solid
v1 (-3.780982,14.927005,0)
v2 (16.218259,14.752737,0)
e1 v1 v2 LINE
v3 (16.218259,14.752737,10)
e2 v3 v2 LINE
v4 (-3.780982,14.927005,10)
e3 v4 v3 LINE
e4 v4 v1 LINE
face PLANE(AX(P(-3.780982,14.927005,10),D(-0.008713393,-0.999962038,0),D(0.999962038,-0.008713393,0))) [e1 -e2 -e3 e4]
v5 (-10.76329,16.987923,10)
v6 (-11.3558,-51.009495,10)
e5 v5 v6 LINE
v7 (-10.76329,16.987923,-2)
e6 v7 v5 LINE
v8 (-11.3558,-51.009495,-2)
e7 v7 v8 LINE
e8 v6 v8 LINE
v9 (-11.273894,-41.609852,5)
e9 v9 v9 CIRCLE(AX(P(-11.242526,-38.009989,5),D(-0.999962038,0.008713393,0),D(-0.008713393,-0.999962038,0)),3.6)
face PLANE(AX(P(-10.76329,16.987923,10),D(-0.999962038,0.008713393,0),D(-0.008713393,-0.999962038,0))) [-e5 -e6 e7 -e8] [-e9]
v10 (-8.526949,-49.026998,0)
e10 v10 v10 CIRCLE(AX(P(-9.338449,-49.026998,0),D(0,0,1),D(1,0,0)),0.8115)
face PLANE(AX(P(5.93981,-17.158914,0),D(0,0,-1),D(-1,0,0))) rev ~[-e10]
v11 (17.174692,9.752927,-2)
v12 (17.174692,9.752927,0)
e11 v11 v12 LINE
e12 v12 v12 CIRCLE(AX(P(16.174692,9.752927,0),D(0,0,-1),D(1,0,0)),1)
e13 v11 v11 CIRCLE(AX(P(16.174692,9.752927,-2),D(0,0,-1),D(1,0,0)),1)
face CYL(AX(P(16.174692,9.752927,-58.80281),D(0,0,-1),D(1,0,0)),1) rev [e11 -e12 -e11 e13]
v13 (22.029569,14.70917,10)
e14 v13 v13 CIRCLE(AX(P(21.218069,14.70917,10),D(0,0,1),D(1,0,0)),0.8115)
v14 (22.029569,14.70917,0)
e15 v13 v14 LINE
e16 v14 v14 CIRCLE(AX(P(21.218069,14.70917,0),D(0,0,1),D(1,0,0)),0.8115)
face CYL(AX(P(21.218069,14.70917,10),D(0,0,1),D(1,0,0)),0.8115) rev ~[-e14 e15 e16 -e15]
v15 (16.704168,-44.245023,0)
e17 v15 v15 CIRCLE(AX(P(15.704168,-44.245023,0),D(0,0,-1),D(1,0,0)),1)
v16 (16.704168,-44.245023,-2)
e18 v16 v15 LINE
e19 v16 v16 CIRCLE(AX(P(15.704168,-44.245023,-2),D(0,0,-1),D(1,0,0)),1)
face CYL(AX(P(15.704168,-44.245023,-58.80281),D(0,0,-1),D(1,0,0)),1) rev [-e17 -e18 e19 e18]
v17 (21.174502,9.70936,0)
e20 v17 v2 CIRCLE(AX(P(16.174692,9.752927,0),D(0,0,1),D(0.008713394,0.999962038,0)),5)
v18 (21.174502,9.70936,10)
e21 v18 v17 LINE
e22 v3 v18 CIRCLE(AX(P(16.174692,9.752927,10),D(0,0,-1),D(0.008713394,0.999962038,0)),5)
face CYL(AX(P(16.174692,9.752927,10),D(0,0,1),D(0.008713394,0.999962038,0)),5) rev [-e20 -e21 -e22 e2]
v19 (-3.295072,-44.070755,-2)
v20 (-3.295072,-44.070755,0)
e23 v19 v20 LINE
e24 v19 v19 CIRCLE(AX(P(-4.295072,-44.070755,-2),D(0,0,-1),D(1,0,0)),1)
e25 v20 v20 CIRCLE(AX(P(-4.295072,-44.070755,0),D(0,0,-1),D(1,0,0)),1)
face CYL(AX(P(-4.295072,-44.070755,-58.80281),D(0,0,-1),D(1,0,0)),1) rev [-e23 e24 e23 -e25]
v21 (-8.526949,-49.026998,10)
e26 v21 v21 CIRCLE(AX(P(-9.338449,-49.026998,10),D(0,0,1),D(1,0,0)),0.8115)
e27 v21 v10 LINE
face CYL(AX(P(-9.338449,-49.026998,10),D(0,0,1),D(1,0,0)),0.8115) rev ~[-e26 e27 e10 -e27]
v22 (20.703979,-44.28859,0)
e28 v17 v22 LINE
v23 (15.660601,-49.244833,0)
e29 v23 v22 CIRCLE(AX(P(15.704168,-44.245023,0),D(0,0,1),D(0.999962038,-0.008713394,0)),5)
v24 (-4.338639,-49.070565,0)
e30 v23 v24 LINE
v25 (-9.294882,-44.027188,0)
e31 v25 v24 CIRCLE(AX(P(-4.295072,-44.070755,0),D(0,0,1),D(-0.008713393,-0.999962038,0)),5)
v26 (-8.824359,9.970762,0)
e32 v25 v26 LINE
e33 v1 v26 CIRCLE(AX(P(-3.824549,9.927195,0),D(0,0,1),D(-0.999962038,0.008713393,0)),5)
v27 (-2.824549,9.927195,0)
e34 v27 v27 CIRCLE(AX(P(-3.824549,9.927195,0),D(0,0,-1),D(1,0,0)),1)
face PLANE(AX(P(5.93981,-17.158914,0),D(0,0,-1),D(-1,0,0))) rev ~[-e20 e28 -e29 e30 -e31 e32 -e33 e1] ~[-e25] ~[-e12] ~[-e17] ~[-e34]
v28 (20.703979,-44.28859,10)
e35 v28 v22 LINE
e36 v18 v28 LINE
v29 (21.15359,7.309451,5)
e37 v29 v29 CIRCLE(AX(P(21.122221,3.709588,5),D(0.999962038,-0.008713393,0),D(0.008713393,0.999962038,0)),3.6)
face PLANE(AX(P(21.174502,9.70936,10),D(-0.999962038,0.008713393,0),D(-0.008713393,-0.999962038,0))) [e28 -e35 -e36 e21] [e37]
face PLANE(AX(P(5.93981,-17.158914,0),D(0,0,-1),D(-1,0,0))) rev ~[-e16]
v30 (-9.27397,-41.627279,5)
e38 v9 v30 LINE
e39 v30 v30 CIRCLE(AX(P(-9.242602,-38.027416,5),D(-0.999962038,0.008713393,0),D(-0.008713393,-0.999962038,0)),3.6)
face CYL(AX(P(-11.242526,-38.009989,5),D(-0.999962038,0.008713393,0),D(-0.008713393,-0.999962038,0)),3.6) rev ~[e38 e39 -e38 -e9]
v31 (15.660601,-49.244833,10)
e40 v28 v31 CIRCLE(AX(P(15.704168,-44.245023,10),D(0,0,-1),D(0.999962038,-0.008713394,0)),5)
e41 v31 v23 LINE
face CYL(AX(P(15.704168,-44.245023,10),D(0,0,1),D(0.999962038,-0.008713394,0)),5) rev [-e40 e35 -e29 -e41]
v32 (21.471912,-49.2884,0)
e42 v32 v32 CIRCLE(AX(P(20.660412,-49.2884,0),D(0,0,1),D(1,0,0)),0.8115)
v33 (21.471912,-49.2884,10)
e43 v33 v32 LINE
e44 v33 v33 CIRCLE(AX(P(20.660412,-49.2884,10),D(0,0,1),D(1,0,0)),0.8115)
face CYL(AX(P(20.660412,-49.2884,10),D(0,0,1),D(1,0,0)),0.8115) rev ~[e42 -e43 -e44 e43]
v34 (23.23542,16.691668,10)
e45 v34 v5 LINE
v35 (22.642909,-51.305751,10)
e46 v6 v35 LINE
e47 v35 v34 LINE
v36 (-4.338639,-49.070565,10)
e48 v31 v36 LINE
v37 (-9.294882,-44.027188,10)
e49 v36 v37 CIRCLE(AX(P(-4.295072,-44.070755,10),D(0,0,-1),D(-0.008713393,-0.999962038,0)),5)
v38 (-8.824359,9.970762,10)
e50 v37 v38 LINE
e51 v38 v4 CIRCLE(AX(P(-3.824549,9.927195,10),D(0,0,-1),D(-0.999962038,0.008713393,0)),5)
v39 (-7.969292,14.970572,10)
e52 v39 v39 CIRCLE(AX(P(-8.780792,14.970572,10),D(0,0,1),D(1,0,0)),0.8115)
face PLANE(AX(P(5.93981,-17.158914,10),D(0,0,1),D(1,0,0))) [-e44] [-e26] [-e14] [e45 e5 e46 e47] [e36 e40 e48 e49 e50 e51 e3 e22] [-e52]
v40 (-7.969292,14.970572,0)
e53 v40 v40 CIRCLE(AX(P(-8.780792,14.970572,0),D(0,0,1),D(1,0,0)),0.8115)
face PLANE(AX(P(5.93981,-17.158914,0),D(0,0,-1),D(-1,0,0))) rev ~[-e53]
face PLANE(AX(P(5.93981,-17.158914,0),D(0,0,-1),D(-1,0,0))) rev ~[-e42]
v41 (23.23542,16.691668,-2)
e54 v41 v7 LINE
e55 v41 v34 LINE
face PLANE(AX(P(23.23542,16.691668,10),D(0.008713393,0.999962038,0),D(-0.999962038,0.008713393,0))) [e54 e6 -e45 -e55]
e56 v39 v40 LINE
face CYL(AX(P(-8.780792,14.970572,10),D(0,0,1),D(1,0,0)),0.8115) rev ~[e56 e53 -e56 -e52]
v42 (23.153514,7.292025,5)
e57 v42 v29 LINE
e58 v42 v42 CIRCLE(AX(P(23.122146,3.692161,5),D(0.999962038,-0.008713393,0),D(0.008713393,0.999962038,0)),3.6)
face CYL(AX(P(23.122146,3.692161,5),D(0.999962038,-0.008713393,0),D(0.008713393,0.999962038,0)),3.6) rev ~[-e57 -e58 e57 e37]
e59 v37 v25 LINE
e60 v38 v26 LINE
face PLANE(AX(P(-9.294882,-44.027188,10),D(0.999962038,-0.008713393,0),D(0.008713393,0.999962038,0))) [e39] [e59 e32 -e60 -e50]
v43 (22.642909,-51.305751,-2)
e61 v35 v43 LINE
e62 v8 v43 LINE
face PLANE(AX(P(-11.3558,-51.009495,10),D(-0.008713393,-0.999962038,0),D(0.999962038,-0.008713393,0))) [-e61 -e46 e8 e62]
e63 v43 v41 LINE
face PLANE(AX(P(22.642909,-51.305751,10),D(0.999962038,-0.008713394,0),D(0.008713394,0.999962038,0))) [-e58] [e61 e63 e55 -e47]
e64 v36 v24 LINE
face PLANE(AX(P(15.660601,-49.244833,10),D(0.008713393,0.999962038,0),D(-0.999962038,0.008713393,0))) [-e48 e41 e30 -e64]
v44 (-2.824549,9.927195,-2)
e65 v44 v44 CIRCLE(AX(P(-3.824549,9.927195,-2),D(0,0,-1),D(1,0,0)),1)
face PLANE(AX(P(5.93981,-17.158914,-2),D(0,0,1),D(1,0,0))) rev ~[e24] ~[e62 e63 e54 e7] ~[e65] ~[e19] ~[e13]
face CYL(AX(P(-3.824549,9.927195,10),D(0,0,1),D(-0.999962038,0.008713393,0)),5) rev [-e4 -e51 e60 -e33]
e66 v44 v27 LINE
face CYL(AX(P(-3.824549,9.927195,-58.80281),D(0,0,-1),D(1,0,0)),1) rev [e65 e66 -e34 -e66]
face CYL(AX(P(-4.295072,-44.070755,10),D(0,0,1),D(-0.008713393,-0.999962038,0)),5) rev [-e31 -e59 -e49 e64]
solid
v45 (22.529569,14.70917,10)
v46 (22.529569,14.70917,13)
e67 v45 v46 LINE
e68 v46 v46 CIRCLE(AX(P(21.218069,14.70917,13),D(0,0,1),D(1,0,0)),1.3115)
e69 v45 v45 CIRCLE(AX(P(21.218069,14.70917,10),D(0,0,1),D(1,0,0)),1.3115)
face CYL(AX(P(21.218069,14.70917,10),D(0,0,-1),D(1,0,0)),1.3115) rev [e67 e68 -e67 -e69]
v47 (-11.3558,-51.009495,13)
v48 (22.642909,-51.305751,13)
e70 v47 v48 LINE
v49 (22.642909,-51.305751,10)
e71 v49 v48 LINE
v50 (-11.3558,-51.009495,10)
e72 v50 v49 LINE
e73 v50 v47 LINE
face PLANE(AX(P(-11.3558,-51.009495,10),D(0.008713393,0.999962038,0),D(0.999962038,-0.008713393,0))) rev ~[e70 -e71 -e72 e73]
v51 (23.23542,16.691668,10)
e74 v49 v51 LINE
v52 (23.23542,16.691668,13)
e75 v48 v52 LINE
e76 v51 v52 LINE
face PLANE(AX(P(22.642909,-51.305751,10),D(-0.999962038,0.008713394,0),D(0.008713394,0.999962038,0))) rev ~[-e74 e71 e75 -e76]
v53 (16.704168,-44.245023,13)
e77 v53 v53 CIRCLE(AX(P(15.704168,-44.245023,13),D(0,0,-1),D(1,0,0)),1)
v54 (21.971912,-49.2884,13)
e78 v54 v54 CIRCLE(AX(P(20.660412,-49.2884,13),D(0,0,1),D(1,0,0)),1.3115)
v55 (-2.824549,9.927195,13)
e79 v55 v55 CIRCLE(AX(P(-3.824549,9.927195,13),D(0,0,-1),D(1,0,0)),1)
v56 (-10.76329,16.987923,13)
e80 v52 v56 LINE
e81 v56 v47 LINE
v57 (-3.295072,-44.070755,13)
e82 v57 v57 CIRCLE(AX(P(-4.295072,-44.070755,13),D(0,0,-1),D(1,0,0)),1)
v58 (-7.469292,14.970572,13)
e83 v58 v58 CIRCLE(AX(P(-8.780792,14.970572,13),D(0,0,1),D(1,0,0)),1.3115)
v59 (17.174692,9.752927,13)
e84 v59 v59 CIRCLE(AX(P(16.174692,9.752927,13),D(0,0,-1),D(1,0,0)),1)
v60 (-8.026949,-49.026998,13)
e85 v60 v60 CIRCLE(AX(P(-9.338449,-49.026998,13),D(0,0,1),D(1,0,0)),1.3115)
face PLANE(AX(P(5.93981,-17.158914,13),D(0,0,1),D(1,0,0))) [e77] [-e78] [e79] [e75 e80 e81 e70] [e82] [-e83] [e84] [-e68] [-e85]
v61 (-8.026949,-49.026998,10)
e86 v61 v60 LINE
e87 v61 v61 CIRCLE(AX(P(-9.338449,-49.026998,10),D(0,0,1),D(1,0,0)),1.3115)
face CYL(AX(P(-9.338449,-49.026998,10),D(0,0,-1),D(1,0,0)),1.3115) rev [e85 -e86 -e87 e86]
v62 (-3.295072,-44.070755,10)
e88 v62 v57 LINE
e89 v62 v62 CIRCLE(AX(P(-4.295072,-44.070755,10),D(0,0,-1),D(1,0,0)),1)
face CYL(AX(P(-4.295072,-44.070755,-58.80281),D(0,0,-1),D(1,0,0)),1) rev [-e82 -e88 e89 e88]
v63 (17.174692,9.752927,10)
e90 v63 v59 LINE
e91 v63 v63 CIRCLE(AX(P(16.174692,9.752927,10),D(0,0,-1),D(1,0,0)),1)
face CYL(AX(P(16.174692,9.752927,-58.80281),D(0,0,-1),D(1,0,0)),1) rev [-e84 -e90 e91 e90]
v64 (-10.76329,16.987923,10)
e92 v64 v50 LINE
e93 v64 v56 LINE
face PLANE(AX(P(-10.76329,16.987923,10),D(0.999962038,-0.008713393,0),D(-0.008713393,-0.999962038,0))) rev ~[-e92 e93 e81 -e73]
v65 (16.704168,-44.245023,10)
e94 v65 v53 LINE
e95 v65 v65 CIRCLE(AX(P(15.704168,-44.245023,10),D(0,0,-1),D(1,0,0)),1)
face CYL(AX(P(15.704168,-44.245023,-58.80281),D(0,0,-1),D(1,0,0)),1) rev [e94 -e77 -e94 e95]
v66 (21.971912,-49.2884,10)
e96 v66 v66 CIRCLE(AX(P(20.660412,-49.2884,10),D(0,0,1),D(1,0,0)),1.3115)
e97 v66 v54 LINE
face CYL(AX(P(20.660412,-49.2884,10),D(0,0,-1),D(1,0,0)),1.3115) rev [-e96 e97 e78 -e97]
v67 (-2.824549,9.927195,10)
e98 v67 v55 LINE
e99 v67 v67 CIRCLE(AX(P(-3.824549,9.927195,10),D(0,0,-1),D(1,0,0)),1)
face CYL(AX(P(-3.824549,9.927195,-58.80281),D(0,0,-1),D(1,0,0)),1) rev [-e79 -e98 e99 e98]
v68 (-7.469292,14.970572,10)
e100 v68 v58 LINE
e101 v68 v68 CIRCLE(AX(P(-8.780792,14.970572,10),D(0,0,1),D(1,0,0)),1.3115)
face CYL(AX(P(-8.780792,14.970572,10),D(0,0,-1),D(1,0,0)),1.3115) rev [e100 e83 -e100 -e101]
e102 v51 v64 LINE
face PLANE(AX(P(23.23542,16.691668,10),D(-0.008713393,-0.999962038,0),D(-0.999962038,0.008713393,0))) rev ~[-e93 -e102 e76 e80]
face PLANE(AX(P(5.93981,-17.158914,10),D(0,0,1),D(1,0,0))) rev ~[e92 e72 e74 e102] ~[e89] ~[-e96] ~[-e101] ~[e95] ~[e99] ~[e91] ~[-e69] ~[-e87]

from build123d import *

# Parameters (mm, degrees)
SKETCH2_R               = 0.8115
BOSS_EXTRUDE1_DEPTH     = 12
BOSS_EXTRUDE2_DEPTH     = 2
SKETCH4_R               = 3.6
CUT_EXTRUDE1_DEPTH      = 3
SKETCH5_R               = 3.6
CUT_EXTRUDE2_DEPTH      = 3
SKETCH10_R              = 1.3115
BOSS_EXTRUDE3_DEPTH     = 3
CUT_EXTRUDE3_DEPTH      = 58.802809601
CUT_EXTRUDE3_DEPTH_BACK = 58.802809601
SKETCH11_R              = 1


with BuildPart() as part:
    # Sketch2 → Boss-Extrude1 (new body)
    with BuildSketch(Plane.XY.offset(10)):
        Polygon((22.642908935, -51.305750842), (23.235419693, 16.691667719), (-10.763289588, 16.987923098), (-11.355800345, -51.009495464), align=None)
        with Locations((-9.338449483, -49.026998175)):
            Circle(SKETCH2_R, mode=Mode.SUBTRACT)
        with Locations((20.660411647, -49.28839998)):
            Circle(SKETCH2_R, mode=Mode.SUBTRACT)
        with Locations((-8.7807923, 14.970572235)):
            Circle(SKETCH2_R, mode=Mode.SUBTRACT)
        with Locations((21.21806883, 14.709170431)):
            Circle(SKETCH2_R, mode=Mode.SUBTRACT)
        with BuildLine():
            Line((-9.294882486, -44.027187957), (-8.824359238, 9.970762017))
            ThreePointArc((-8.824359238, 9.970762017), (-7.32914224, 13.493401237), (-3.780982082, 14.927005238))
            Line((-3.780982082, 14.927005238), (16.218258612, 14.752737369))
            ThreePointArc((16.218258612, 14.752737369), (19.740897831, 13.257520371), (21.174501833, 9.709360213))
            Line((21.174501833, 9.709360213), (20.703978585, -44.288589762))
            ThreePointArc((20.703978585, -44.288589762), (19.208761587, -47.811228981), (15.660601429, -49.244832982))
            Line((15.660601429, -49.244832982), (-4.338639265, -49.070565113))
            ThreePointArc((-4.338639265, -49.070565113), (-7.861278484, -47.575348116), (-9.294882486, -44.027187957))
        make_face(mode=Mode.SUBTRACT)
    extrude(amount=-BOSS_EXTRUDE1_DEPTH)

    # Sketch3 → Boss-Extrude2 (add)
    with BuildSketch(Plane(origin=(0, 0, -2), x_dir=(-1, 0, 0), z_dir=(0, 0, -1))):
        Polygon((-22.642908935, -51.305750842), (11.355800345, -51.009495464), (10.763289588, 16.987923098), (-23.235419693, 16.691667719), align=None)
    extrude(amount=-BOSS_EXTRUDE2_DEPTH)

    # Sketch4 → Cut-Extrude1 (cut)
    with BuildSketch(Plane(origin=(-10.910489244, 0.095070995, 0), x_dir=(0, 0, -1), z_dir=(-0.9999620376663749, 0.008713393489992394, 0))):
        with Locations(Location((-5, 38.106506551, 0), (0, 0, 90))):
            Circle(SKETCH4_R)
    extrude(amount=-CUT_EXTRUDE1_DEPTH, mode=Mode.SUBTRACT)

    # Sketch5 → Cut-Extrude2 (cut)
    with BuildSketch(Plane(origin=(23.088220037, -0.201184384, 0), x_dir=(0, 0, 1), z_dir=(0.9999620376663749, -0.008713393489992394, 0))):
        with Locations(Location((5, -3.893493389, 0), (0, 0, 270))):
            Circle(SKETCH5_R)
    extrude(amount=-CUT_EXTRUDE2_DEPTH, mode=Mode.SUBTRACT)


with BuildPart() as body_2:
    # Sketch10 → Boss-Extrude3 (new body)
    with BuildSketch(Plane.XY.offset(10)):
        Polygon((-11.355800345, -51.009495464), (22.642908935, -51.305750842), (23.235419693, 16.691667719), (-10.763289588, 16.987923098), align=None)
        with Locations((20.660411647, -49.28839998)):
            Circle(SKETCH10_R, mode=Mode.SUBTRACT)
        with Locations((21.21806883, 14.709170431)):
            Circle(SKETCH10_R, mode=Mode.SUBTRACT)
        with Locations((-8.7807923, 14.970572235)):
            Circle(SKETCH10_R, mode=Mode.SUBTRACT)
        with Locations((-9.338449483, -49.026998175)):
            Circle(SKETCH10_R, mode=Mode.SUBTRACT)
    extrude(amount=BOSS_EXTRUDE3_DEPTH)


with BuildPart() as cut_extrude3_tool:
    # Sketch11 → Cut-Extrude3 (new, two sides: drawn at the far end of the back side and taken through both)
    with BuildSketch(Plane.XY.offset(-CUT_EXTRUDE3_DEPTH_BACK)):
        with Locations((16.174691644, 9.75292718)):
            Circle(SKETCH11_R)
        with Locations((-3.824549049, 9.92719505)):
            Circle(SKETCH11_R)
        with Locations((15.704168396, -44.245022794)):
            Circle(SKETCH11_R)
        with Locations((-4.295072297, -44.070754925)):
            Circle(SKETCH11_R)
    extrude(amount=CUT_EXTRUDE3_DEPTH + CUT_EXTRUDE3_DEPTH_BACK)


with BuildPart() as part_1:
    add(part.part)

    # Cut-Extrude3: cut by cut_extrude3_tool
    add(cut_extrude3_tool.part, mode=Mode.SUBTRACT)


with BuildPart() as body_2_1:
    add(body_2.part)

    # Cut-Extrude3: cut by cut_extrude3_tool
    add(cut_extrude3_tool.part, mode=Mode.SUBTRACT)


solid = Compound([part_1.part, body_2_1.part])
